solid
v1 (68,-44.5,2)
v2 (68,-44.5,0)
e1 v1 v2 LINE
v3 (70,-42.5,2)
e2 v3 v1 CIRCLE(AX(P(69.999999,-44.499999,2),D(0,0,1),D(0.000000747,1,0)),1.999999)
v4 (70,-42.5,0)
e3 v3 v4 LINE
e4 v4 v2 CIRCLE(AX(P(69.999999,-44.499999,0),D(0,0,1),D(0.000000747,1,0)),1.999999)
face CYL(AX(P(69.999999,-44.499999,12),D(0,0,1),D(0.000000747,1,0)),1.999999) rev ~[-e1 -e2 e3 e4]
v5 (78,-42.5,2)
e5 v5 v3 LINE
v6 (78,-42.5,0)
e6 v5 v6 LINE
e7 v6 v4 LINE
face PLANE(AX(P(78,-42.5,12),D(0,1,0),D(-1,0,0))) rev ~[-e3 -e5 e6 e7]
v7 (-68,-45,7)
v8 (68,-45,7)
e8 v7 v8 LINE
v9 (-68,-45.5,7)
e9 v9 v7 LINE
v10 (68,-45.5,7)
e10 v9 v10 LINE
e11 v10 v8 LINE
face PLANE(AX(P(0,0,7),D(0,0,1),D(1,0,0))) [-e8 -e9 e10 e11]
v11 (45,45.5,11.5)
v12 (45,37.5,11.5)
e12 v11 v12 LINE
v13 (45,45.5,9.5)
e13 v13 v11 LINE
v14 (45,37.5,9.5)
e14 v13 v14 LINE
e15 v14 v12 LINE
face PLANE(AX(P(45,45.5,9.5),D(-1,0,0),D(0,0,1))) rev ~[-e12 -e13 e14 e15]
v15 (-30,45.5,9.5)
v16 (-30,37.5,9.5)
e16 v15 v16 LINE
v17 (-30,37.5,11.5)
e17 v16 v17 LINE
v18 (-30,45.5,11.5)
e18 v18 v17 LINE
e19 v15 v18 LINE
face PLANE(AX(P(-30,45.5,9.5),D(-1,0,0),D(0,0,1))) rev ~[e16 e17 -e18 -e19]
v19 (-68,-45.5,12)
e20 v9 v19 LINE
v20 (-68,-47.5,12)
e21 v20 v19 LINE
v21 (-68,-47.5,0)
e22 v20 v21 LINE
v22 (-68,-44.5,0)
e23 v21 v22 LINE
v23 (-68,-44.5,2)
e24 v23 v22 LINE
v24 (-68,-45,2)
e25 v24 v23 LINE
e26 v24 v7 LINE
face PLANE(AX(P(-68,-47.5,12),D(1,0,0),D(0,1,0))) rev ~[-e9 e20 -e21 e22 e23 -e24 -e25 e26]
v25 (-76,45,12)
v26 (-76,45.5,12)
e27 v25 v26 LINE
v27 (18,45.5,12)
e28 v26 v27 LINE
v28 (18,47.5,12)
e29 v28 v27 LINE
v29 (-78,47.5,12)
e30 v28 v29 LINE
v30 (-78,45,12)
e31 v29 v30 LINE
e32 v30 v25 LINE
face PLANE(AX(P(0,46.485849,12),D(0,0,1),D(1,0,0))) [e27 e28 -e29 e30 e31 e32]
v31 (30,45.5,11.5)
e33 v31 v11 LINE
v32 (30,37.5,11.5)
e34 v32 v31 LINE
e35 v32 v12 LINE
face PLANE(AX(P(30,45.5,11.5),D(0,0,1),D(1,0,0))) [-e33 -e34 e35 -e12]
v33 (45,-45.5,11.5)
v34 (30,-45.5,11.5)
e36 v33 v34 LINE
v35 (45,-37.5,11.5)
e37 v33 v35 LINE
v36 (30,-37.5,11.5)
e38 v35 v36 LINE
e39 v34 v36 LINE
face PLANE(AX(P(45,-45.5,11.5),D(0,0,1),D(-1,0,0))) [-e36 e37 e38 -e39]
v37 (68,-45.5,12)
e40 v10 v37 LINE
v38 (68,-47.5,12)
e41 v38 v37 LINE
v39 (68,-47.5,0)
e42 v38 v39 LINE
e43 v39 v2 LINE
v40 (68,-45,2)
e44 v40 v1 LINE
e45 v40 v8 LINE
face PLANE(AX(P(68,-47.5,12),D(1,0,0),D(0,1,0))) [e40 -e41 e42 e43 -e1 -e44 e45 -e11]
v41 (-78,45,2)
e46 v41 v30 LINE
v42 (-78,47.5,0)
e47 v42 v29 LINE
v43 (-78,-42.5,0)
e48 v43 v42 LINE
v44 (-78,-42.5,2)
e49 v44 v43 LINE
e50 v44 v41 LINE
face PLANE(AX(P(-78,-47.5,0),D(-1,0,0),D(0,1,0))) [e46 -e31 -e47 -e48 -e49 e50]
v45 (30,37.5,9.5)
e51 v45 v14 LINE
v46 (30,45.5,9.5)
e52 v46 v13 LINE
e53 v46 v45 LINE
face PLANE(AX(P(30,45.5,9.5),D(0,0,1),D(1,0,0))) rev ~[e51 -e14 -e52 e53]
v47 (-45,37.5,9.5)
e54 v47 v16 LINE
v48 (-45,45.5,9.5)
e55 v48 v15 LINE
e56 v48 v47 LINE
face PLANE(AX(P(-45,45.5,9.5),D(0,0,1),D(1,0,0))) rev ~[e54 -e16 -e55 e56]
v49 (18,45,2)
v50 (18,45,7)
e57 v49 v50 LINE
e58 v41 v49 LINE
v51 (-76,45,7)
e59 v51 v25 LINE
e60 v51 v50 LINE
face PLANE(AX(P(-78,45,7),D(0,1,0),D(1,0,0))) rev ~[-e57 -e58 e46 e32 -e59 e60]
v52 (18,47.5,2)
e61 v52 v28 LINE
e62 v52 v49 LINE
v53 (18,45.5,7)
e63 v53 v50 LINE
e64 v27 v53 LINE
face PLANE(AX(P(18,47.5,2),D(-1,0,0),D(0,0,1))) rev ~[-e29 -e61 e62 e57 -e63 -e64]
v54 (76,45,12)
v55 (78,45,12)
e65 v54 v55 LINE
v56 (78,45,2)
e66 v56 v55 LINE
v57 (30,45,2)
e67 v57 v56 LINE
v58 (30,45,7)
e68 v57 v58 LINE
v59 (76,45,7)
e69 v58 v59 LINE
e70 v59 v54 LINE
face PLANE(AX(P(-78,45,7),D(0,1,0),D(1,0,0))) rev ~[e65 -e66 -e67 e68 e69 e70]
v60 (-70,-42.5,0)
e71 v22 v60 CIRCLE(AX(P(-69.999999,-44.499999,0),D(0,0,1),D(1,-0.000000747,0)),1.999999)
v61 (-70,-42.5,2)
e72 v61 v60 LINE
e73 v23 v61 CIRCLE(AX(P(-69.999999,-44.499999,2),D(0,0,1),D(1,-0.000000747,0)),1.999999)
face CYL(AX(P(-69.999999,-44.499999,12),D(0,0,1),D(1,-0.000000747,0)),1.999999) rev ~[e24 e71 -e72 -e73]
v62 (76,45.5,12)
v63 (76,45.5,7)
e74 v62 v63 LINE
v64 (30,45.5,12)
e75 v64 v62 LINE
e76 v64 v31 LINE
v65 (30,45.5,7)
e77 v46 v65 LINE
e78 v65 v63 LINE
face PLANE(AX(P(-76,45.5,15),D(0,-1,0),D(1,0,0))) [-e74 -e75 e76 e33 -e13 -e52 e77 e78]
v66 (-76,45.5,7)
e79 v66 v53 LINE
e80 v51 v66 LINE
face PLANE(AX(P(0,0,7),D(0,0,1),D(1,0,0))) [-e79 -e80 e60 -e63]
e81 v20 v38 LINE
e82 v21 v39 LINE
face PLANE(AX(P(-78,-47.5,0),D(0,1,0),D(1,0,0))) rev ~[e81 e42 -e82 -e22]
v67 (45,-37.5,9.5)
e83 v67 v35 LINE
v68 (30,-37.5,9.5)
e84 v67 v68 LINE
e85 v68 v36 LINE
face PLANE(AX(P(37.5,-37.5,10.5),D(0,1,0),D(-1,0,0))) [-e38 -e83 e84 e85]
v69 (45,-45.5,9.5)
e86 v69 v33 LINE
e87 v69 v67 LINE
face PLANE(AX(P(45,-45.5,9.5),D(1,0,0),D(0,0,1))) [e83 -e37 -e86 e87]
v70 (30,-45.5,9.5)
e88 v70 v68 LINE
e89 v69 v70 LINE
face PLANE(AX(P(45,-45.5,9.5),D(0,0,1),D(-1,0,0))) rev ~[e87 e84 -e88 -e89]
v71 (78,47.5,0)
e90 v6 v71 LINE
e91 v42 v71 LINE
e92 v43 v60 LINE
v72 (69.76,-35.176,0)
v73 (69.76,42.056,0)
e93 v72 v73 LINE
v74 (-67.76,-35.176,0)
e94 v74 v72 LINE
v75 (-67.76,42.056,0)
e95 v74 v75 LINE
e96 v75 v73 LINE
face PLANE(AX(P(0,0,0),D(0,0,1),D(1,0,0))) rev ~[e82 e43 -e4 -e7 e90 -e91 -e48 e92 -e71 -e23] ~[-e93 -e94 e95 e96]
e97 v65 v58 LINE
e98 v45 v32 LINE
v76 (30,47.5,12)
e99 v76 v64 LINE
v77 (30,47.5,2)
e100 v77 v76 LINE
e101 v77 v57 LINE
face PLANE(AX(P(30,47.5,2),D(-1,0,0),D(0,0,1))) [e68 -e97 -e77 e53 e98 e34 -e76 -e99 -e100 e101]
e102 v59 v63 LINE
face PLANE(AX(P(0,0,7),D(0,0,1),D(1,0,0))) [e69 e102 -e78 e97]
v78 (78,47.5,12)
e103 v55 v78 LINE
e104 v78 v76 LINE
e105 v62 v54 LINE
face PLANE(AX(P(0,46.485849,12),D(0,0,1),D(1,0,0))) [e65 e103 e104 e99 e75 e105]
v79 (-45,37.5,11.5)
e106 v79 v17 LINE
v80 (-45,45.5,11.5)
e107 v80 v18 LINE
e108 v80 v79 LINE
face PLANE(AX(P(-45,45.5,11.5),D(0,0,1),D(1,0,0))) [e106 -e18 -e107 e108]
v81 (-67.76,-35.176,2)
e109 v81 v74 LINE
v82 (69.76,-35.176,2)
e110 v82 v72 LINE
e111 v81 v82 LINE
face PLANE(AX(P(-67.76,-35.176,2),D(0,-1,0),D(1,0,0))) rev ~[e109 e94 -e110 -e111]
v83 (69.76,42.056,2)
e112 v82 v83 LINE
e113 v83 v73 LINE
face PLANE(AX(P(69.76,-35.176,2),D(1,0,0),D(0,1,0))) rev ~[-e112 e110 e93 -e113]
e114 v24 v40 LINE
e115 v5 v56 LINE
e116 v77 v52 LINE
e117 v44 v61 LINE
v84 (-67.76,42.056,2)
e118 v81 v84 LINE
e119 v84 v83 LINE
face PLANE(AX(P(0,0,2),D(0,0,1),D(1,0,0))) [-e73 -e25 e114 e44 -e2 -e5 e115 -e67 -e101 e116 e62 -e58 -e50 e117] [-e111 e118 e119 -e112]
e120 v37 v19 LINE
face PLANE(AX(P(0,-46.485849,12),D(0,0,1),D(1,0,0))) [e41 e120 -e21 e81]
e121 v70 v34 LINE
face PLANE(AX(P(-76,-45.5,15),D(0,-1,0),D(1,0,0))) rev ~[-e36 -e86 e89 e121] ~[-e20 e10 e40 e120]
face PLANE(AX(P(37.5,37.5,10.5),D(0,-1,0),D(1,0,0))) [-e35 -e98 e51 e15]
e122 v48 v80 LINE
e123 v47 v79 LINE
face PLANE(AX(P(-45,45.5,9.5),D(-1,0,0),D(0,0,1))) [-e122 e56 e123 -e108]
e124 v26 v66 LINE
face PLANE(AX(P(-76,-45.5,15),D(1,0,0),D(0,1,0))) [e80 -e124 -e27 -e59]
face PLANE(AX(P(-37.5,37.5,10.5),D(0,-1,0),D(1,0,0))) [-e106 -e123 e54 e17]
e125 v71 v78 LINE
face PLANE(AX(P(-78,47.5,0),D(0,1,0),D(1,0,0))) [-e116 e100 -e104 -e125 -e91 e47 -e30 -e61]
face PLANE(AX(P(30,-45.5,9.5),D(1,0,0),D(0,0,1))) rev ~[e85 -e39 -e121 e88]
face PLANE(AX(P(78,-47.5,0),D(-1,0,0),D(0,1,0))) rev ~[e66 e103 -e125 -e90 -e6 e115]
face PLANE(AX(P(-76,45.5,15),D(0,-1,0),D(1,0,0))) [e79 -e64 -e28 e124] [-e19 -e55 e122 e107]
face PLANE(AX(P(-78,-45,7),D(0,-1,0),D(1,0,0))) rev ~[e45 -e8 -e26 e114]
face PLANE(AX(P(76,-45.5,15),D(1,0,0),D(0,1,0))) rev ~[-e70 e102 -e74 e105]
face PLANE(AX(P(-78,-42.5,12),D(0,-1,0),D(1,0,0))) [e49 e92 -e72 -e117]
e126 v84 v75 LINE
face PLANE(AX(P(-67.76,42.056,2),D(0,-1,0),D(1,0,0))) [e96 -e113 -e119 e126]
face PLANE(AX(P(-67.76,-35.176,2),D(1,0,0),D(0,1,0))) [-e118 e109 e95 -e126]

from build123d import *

# Parameters (mm, degrees)
SKETCH_W             = 156
SKETCH_H             = 95
PAD_DEPTH            = 15
SKETCH001_W          = 152
SKETCH001_H          = 91
POCKET_DEPTH         = 8
SKETCH002_W          = 156
SKETCH002_H          = 90
POCKET001_DEPTH      = 5
POCKET001_DEPTH_BACK = -9
SKETCH003_W          = 137.52
SKETCH003_H          = 77.232
POCKET002_DEPTH      = 5
SKETCH004_W          = 15
SKETCH004_H          = 2
PAD001_DEPTH         = 8
SKETCH005_W          = 15
SKETCH005_H          = 2
PAD002_DEPTH         = 8
POCKET003_DEPTH      = 3
POCKET004_DEPTH      = 13
SKETCH008_W          = 12
SKETCH008_H          = 10
POCKET005_DEPTH      = 5


with BuildPart() as part:
    # Sketch → Pad (new body)
    with BuildSketch(Plane.XY):
        Rectangle(SKETCH_W, SKETCH_H)
    extrude(amount=PAD_DEPTH)

    # Sketch001 (on Face6 of Pad) → Pocket (cut)
    with BuildSketch(Plane.XY.offset(15)):
        Rectangle(SKETCH001_W, SKETCH001_H)
    extrude(amount=-POCKET_DEPTH, mode=Mode.SUBTRACT)

    # Sketch002 (on Face11 of Pocket) → Pocket001 (cut, two sides)
    with BuildSketch(Plane.XY.offset(7)) as pocket001_sk:
        Rectangle(SKETCH002_W, SKETCH002_H)
    extrude(amount=-POCKET001_DEPTH, mode=Mode.SUBTRACT)
    extrude(pocket001_sk.sketch, amount=-POCKET001_DEPTH_BACK, mode=Mode.SUBTRACT)

    # Sketch003 (on Face7 of Pocket001) → Pocket002 (cut)
    with BuildSketch(Plane.XY.offset(2)):
        with Locations((1, 3.44)):
            Rectangle(SKETCH003_W, SKETCH003_H)
    extrude(amount=-POCKET002_DEPTH, mode=Mode.SUBTRACT)

    # Sketch004 (on Face16 of Pocket002) → Pad001 (join)
    with BuildSketch(Plane.XZ.offset(-45.5)):
        with Locations((-37.5, 10.5)):
            Rectangle(SKETCH004_W, SKETCH004_H)
        with Locations((37.5, 10.5)):
            Rectangle(SKETCH004_W, SKETCH004_H)
    extrude(amount=PAD001_DEPTH)

    # Sketch005 (on Face22 of Pad001) → Pad002 (join)
    with BuildSketch(Plane(origin=(0, -45.5, 0), x_dir=(-1, 0, 0), z_dir=(0, 1, 0))):
        with Locations((-37.5, 10.5)):
            Rectangle(SKETCH005_W, SKETCH005_H)
    extrude(amount=PAD002_DEPTH)

    # Sketch006 (on Face5 of Pad002) → Pocket003 (cut)
    with BuildSketch(Plane.XY.offset(15)):
        Polygon((-78, -45), (-78, -47.5), (78, -47.5), (78, -45), (76, -45), (76, -45.5), (-76, -45.5), (-76, -45), align=None)
        Polygon((-78, 47.5), (-78, 45), (-76, 45), (-76, 45.5), (76, 45.5), (76, 45), (78, 45), (78, 47.5), align=None)
    extrude(amount=-POCKET003_DEPTH, mode=Mode.SUBTRACT)

    # Sketch007 (on Face4 of Pocket003) → Pocket004 (cut)
    with BuildSketch(Plane.XY.offset(12)):
        with BuildLine():
            Line((-68, -47.5), (-78, -47.5))
            Line((-78, -47.5), (-78, -42.5))
            Line((-78, -42.5), (-70, -42.5))
            ThreePointArc((-68, -44.5), (-68.585786, -43.085786), (-70, -42.5))
            Line((-68, -47.5), (-68, -44.5))
        make_face()
        with BuildLine():
            Line((68, -47.5), (78, -47.5))
            Line((78, -47.5), (78, -42.5))
            Line((78, -42.5), (70, -42.5))
            ThreePointArc((70, -42.5), (68.585786, -43.085786), (68, -44.5))
            Line((68, -47.5), (68, -44.5))
        make_face()
    extrude(amount=-POCKET004_DEPTH, mode=Mode.SUBTRACT)

    # Sketch008 (on Face1 of Pocket004) → Pocket005 (cut)
    with BuildSketch(Plane(origin=(0, 47.5, 0), x_dir=(-1, 0, 0), z_dir=(0, 1, 0))):
        with Locations((-24, 7)):
            Rectangle(SKETCH008_W, SKETCH008_H)
    extrude(amount=-POCKET005_DEPTH, mode=Mode.SUBTRACT)


solid = part.part
